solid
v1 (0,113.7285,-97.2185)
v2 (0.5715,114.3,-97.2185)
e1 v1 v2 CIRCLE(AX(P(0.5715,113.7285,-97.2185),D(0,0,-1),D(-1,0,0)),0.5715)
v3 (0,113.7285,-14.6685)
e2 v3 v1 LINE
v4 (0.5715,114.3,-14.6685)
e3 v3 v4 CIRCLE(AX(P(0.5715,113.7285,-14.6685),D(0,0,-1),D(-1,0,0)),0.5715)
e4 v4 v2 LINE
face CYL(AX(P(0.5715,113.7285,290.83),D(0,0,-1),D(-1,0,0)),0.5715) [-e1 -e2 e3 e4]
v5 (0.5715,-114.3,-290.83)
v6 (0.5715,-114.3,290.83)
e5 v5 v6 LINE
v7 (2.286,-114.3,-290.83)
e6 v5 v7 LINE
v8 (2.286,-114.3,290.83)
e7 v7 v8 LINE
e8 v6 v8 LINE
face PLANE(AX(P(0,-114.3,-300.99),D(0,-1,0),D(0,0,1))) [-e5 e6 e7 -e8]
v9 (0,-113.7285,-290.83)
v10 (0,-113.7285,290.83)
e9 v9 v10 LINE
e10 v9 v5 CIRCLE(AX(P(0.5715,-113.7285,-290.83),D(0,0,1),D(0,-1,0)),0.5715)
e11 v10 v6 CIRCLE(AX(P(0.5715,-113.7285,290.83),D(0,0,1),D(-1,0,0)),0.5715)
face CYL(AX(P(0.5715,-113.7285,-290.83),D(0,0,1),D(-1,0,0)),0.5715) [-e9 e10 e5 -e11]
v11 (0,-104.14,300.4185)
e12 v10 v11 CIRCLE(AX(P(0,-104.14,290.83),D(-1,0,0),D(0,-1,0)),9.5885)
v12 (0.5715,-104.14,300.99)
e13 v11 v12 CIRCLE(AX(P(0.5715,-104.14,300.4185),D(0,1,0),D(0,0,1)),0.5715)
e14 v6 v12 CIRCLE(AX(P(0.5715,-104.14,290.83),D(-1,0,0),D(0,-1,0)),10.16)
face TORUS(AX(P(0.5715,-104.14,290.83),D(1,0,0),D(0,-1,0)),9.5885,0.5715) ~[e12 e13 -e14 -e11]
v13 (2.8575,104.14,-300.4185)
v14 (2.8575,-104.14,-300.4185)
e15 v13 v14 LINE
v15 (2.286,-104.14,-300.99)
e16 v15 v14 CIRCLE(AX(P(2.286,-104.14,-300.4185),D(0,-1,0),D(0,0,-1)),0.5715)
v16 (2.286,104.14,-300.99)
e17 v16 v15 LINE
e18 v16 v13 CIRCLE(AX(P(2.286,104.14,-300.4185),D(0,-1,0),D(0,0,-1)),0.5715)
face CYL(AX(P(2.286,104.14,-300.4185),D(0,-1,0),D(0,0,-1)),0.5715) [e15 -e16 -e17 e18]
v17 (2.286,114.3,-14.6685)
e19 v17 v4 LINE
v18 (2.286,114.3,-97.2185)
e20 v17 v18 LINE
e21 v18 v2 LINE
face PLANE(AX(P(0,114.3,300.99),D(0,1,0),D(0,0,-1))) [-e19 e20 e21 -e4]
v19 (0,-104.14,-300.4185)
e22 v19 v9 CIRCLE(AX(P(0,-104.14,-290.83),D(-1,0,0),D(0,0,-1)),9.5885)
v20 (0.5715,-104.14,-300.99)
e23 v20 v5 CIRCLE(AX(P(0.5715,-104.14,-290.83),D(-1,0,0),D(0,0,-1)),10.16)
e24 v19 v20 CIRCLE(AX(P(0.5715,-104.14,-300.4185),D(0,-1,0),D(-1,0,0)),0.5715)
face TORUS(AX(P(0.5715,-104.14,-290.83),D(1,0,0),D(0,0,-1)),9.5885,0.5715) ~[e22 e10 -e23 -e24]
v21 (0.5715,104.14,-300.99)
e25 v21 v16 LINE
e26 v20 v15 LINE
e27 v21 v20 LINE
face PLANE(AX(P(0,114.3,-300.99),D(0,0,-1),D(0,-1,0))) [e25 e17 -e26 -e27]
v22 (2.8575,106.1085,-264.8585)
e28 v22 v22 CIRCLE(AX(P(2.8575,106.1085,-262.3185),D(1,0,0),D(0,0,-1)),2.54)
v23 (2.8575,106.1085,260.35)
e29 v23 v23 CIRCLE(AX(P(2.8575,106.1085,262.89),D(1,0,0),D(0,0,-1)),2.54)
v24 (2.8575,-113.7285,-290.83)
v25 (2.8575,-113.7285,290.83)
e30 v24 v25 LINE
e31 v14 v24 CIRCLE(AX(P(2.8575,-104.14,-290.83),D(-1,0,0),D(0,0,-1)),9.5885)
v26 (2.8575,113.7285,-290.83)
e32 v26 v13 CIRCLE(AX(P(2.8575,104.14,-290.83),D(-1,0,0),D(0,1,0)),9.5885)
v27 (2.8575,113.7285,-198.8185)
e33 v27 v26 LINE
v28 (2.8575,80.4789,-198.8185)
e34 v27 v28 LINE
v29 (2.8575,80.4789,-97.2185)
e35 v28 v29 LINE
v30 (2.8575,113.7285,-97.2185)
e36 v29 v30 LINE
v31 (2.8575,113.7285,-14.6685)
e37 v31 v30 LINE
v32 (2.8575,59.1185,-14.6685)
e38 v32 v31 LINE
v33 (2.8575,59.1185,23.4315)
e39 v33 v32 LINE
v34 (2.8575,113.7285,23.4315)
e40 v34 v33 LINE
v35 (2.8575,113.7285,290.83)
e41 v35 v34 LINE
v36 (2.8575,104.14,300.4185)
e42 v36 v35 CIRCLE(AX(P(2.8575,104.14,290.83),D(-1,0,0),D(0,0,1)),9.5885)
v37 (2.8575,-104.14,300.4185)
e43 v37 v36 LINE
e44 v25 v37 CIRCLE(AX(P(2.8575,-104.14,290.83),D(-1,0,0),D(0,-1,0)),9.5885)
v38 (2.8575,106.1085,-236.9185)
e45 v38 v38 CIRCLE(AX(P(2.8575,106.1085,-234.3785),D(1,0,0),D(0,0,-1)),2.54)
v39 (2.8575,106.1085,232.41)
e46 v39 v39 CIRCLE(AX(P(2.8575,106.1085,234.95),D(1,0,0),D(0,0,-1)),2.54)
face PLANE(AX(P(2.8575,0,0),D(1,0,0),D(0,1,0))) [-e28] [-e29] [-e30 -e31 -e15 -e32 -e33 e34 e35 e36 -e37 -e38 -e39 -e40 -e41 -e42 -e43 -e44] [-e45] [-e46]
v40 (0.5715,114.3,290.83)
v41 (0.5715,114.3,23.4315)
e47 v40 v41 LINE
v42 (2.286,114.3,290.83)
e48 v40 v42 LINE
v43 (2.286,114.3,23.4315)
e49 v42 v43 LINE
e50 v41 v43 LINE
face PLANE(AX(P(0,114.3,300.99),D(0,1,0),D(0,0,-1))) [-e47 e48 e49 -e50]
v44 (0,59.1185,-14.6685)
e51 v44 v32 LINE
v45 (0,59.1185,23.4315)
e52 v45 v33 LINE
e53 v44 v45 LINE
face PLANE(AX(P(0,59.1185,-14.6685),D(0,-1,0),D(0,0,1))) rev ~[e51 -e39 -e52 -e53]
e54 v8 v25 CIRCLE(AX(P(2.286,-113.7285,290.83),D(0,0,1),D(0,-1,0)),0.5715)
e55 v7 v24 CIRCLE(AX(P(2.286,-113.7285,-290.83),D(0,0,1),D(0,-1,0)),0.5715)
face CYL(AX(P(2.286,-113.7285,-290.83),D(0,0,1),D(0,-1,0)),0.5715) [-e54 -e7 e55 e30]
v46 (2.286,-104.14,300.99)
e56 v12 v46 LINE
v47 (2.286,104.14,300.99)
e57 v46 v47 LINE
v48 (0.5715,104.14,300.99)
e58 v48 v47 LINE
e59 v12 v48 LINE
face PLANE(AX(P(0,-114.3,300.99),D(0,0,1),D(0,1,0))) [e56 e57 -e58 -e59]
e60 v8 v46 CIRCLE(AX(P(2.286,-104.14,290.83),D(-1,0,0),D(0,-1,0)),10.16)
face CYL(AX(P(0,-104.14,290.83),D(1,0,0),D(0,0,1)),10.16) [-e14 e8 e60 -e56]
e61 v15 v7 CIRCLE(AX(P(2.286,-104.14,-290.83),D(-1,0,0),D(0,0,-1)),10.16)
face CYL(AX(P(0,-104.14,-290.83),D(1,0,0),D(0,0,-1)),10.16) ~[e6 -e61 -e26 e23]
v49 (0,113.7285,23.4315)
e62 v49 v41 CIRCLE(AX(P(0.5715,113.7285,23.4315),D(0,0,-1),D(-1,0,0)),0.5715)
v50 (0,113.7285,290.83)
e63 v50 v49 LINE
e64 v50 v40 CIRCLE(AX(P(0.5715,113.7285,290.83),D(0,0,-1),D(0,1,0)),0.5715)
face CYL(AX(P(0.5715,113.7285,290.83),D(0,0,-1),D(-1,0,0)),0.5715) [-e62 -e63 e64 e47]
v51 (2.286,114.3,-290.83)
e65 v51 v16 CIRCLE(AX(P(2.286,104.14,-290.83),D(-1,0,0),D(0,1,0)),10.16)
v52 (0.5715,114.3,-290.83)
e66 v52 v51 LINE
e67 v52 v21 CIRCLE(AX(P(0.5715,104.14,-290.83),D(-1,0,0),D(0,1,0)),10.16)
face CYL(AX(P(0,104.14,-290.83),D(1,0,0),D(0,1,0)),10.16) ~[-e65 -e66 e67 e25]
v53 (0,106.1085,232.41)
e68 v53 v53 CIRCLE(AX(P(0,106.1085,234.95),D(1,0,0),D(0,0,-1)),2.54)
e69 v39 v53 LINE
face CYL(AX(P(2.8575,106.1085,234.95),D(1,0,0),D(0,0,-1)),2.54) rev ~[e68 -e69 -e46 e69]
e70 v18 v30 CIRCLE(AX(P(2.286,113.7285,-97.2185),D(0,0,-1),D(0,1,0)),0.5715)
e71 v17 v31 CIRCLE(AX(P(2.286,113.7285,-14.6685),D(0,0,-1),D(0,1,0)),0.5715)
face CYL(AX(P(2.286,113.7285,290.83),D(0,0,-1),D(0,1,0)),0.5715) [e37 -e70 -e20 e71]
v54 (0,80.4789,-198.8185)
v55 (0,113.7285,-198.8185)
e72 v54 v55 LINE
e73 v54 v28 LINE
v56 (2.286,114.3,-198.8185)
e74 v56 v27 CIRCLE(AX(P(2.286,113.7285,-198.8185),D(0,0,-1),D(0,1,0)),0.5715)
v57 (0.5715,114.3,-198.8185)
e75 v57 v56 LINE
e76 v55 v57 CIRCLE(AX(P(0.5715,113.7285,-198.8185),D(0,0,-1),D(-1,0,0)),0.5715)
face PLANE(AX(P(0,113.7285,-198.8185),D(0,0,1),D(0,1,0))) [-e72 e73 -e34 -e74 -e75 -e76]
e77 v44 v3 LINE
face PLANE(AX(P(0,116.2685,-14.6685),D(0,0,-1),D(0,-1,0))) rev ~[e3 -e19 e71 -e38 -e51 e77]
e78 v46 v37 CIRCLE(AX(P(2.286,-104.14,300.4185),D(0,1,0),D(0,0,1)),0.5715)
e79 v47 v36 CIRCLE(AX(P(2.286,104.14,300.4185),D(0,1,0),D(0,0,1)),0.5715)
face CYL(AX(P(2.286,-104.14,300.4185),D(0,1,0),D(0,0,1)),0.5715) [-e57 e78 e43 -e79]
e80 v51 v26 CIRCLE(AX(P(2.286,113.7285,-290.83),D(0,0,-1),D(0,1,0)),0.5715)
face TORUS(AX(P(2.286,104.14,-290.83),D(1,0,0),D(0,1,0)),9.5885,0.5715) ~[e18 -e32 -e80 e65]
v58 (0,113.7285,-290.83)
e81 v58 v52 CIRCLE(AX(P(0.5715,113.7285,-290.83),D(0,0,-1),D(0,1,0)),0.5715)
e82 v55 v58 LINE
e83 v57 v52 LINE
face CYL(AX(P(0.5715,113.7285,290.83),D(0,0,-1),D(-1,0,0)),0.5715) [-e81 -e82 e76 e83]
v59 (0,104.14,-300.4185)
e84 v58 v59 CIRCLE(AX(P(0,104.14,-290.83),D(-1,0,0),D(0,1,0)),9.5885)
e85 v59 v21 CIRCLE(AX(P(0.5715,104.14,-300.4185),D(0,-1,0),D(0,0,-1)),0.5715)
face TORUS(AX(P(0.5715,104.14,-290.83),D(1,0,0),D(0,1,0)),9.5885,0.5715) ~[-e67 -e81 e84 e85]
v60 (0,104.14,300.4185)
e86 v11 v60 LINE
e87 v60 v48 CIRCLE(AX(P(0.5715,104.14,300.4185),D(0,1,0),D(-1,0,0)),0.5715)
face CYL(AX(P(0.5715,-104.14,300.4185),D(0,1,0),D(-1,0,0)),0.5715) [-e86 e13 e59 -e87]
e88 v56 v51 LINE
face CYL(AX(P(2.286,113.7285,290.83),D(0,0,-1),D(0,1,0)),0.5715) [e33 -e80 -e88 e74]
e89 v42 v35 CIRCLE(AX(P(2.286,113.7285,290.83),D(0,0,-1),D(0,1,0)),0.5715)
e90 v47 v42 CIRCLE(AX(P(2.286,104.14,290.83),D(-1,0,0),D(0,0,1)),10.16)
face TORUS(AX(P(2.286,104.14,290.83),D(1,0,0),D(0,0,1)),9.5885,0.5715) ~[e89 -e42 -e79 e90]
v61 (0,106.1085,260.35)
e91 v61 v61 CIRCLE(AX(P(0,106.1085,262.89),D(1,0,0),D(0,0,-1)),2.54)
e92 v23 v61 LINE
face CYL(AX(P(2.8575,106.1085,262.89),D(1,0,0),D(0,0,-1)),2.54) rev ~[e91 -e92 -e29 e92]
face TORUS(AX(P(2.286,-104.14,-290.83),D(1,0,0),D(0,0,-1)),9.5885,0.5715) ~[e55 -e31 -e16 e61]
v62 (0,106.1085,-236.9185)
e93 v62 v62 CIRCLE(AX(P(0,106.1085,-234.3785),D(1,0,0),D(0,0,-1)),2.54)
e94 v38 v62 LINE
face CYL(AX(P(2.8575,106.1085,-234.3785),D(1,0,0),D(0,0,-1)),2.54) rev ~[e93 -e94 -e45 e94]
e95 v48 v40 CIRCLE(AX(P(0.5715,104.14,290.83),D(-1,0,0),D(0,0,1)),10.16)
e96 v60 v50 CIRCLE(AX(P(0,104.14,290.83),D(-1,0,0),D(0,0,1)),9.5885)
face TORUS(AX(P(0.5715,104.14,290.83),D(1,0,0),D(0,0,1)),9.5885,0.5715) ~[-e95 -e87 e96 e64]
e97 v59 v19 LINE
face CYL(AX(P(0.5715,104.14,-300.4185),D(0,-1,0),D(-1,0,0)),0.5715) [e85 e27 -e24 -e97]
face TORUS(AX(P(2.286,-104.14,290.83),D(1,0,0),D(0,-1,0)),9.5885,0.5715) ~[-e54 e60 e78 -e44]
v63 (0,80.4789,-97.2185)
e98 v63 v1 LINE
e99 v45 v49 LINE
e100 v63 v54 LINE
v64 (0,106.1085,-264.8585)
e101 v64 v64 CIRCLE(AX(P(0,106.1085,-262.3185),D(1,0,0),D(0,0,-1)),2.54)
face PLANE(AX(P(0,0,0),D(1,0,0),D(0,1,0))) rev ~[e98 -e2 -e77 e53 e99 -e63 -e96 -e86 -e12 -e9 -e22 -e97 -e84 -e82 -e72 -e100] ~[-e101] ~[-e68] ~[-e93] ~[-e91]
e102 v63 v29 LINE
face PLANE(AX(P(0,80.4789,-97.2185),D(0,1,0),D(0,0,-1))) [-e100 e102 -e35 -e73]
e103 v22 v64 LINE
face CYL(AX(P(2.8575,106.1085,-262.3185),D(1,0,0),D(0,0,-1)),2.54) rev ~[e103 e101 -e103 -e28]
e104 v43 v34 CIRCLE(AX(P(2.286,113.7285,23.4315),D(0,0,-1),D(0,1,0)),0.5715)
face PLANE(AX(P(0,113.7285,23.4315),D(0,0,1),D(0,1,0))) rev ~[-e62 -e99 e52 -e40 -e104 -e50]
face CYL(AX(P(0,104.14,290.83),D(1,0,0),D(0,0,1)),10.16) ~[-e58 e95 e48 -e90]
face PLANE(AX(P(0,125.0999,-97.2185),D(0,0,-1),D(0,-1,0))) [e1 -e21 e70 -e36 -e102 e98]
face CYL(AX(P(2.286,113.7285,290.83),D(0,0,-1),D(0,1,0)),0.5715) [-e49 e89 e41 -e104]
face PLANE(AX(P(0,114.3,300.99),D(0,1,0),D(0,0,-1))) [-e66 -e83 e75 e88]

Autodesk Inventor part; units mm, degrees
ref_plane "YZ Plane" through (0, 0, 0) normal (1, 0, 0) x (0, 1, 0)
ref_plane "XZ Plane" through (0, 0, 0) normal (0, 1, 0) x (-1, 0, 0)
ref_plane "XY Plane" through (0, 0, 0) normal (0, 0, 1) x (1, 0, 0)
sketch "Sketch1" plane through (0, 0, 0) normal (1, 0, 0) x (0, 1, 0)
  line L0 (-114.3, 300.99) -> (114.3, 300.99)
  line L1 (114.3, 300.99) -> (114.3, -300.99)
  line L2 (114.3, -300.99) -> (-114.3, -300.99)
  line L3 (-114.3, -300.99) -> (-114.3, 300.99)
  line L4 (-114.3, 300.99) -> (114.3, -300.99) construction
  line L5 (114.3, 300.99) -> (-114.3, -300.99) construction
  point P0 (0, 0)
  dimension "d3" = 228.6
  dimension "d4" = 601.98
extrude "Extrusion2" add sketch "Sketch1" along normal blind 2.8575
fillet "Fillet1" radius 10.16 4 edges at (1.4287, -114.3, -300.99) (1.4287, 114.3, -300.99) (1.4287, -114.3, 300.99) (1.4287, 114.3, 300.99)
fillet "Fillet2" radius 0.5715 16 edges at (2.8575, 111.3242, 298.0142) (2.8575, 0, 300.99) (2.8575, -111.3242, 298.0142) (2.8575, -114.3, 0) (2.8575, -111.3242, -298.0142) (2.8575, 0, -300.99) (2.8575, 111.3242, -298.0142) (2.8575, 114.3, 0) (0, 111.3242, -298.0142) (0, 0, -300.99) (0, -111.3242, -298.0142) (0, -114.3, 0) (0, -111.3242, 298.0142) (0, 0, 300.99) (0, 111.3242, 298.0142) (0, 114.3, 0)
sketch "Sketch3" plane through (0, 0, 0) normal (-1, 0, 0) x (0, 0, 1)
  line L0 (300.4185, 104.14) -> (300.4185, -104.14) projected
  line L1 (290.83, -113.7285) -> (-290.83, -113.7285) projected
  line L2 (-290.83, 113.7285) -> (290.83, 113.7285) projected
  line L3 (-300.4185, -104.14) -> (-300.4185, 104.14) projected
  line L4 (290.83, 113.7285) -> (-290.83, 113.7285) projected
  line L5 (-97.2185, 125.0999) -> (-97.2185, 80.4789)
  line L6 (-97.2185, 80.4789) -> (-198.8185, 80.4789)
  line L7 (-198.8185, 80.4789) -> (-198.8185, 125.0999)
  line L8 (-97.2185, 125.0999) -> (-198.8185, 125.0999)
  line L9 (23.4315, 116.2685) -> (-14.6685, 116.2685)
  line L10 (-14.6685, 116.2685) -> (-14.6685, 59.1185)
  line L11 (-14.6685, 59.1185) -> (23.4315, 59.1185)
  line L12 (23.4315, 59.1185) -> (23.4315, 116.2685)
  dimension "d48" = 101.6
  dimension "d49" = 101.6
  dimension "d50" = 0
  dimension "d63" = 11.3714
  dimension "d64" = 33.2496
  dimension "d65" = 38.1
  dimension "d66" = 82.55
  dimension "d67" = 57.15
  dimension "d68" = 2.54
extrude "Extrusion3" cut sketch "Sketch3" against normal blind 5.08
sketch "Sketch4" plane through (2.8575, 0, 0) normal (1, 0, 0) x (0, 0, -1)
  circle A0 centre (234.3785, 106.1085) radius 2.54
  circle A1 centre (262.3185, 106.1085) radius 2.54
  line L0 (-290.83, 113.7285) -> (290.83, 113.7285) projected
  line L1 (300.4185, 104.14) -> (300.4185, -104.14) projected
  circle A2 centre (-262.89, 106.1085) radius 2.54
  circle A3 centre (-234.95, 106.1085) radius 2.54
  line L2 (-300.99, 104.14) -> (-300.99, -104.14) projected
  point P0 (0, 0)
  point P1 (198.8185, 113.7285)
  dimension "d52" = 5.08
  dimension "d53" = 7.62
  dimension "d54" = 27.94
  dimension "d55" = 38.1
  dimension "d58" = 27.94
  dimension "d60" = 38.1
extrude "Extrusion5" cut sketch "Sketch4" against normal up to next
equation "\"d58\" = d54"
equation "\"d60\" = d55"
equation "\"d61\" = d54"
properties part number "SideFlap2"
